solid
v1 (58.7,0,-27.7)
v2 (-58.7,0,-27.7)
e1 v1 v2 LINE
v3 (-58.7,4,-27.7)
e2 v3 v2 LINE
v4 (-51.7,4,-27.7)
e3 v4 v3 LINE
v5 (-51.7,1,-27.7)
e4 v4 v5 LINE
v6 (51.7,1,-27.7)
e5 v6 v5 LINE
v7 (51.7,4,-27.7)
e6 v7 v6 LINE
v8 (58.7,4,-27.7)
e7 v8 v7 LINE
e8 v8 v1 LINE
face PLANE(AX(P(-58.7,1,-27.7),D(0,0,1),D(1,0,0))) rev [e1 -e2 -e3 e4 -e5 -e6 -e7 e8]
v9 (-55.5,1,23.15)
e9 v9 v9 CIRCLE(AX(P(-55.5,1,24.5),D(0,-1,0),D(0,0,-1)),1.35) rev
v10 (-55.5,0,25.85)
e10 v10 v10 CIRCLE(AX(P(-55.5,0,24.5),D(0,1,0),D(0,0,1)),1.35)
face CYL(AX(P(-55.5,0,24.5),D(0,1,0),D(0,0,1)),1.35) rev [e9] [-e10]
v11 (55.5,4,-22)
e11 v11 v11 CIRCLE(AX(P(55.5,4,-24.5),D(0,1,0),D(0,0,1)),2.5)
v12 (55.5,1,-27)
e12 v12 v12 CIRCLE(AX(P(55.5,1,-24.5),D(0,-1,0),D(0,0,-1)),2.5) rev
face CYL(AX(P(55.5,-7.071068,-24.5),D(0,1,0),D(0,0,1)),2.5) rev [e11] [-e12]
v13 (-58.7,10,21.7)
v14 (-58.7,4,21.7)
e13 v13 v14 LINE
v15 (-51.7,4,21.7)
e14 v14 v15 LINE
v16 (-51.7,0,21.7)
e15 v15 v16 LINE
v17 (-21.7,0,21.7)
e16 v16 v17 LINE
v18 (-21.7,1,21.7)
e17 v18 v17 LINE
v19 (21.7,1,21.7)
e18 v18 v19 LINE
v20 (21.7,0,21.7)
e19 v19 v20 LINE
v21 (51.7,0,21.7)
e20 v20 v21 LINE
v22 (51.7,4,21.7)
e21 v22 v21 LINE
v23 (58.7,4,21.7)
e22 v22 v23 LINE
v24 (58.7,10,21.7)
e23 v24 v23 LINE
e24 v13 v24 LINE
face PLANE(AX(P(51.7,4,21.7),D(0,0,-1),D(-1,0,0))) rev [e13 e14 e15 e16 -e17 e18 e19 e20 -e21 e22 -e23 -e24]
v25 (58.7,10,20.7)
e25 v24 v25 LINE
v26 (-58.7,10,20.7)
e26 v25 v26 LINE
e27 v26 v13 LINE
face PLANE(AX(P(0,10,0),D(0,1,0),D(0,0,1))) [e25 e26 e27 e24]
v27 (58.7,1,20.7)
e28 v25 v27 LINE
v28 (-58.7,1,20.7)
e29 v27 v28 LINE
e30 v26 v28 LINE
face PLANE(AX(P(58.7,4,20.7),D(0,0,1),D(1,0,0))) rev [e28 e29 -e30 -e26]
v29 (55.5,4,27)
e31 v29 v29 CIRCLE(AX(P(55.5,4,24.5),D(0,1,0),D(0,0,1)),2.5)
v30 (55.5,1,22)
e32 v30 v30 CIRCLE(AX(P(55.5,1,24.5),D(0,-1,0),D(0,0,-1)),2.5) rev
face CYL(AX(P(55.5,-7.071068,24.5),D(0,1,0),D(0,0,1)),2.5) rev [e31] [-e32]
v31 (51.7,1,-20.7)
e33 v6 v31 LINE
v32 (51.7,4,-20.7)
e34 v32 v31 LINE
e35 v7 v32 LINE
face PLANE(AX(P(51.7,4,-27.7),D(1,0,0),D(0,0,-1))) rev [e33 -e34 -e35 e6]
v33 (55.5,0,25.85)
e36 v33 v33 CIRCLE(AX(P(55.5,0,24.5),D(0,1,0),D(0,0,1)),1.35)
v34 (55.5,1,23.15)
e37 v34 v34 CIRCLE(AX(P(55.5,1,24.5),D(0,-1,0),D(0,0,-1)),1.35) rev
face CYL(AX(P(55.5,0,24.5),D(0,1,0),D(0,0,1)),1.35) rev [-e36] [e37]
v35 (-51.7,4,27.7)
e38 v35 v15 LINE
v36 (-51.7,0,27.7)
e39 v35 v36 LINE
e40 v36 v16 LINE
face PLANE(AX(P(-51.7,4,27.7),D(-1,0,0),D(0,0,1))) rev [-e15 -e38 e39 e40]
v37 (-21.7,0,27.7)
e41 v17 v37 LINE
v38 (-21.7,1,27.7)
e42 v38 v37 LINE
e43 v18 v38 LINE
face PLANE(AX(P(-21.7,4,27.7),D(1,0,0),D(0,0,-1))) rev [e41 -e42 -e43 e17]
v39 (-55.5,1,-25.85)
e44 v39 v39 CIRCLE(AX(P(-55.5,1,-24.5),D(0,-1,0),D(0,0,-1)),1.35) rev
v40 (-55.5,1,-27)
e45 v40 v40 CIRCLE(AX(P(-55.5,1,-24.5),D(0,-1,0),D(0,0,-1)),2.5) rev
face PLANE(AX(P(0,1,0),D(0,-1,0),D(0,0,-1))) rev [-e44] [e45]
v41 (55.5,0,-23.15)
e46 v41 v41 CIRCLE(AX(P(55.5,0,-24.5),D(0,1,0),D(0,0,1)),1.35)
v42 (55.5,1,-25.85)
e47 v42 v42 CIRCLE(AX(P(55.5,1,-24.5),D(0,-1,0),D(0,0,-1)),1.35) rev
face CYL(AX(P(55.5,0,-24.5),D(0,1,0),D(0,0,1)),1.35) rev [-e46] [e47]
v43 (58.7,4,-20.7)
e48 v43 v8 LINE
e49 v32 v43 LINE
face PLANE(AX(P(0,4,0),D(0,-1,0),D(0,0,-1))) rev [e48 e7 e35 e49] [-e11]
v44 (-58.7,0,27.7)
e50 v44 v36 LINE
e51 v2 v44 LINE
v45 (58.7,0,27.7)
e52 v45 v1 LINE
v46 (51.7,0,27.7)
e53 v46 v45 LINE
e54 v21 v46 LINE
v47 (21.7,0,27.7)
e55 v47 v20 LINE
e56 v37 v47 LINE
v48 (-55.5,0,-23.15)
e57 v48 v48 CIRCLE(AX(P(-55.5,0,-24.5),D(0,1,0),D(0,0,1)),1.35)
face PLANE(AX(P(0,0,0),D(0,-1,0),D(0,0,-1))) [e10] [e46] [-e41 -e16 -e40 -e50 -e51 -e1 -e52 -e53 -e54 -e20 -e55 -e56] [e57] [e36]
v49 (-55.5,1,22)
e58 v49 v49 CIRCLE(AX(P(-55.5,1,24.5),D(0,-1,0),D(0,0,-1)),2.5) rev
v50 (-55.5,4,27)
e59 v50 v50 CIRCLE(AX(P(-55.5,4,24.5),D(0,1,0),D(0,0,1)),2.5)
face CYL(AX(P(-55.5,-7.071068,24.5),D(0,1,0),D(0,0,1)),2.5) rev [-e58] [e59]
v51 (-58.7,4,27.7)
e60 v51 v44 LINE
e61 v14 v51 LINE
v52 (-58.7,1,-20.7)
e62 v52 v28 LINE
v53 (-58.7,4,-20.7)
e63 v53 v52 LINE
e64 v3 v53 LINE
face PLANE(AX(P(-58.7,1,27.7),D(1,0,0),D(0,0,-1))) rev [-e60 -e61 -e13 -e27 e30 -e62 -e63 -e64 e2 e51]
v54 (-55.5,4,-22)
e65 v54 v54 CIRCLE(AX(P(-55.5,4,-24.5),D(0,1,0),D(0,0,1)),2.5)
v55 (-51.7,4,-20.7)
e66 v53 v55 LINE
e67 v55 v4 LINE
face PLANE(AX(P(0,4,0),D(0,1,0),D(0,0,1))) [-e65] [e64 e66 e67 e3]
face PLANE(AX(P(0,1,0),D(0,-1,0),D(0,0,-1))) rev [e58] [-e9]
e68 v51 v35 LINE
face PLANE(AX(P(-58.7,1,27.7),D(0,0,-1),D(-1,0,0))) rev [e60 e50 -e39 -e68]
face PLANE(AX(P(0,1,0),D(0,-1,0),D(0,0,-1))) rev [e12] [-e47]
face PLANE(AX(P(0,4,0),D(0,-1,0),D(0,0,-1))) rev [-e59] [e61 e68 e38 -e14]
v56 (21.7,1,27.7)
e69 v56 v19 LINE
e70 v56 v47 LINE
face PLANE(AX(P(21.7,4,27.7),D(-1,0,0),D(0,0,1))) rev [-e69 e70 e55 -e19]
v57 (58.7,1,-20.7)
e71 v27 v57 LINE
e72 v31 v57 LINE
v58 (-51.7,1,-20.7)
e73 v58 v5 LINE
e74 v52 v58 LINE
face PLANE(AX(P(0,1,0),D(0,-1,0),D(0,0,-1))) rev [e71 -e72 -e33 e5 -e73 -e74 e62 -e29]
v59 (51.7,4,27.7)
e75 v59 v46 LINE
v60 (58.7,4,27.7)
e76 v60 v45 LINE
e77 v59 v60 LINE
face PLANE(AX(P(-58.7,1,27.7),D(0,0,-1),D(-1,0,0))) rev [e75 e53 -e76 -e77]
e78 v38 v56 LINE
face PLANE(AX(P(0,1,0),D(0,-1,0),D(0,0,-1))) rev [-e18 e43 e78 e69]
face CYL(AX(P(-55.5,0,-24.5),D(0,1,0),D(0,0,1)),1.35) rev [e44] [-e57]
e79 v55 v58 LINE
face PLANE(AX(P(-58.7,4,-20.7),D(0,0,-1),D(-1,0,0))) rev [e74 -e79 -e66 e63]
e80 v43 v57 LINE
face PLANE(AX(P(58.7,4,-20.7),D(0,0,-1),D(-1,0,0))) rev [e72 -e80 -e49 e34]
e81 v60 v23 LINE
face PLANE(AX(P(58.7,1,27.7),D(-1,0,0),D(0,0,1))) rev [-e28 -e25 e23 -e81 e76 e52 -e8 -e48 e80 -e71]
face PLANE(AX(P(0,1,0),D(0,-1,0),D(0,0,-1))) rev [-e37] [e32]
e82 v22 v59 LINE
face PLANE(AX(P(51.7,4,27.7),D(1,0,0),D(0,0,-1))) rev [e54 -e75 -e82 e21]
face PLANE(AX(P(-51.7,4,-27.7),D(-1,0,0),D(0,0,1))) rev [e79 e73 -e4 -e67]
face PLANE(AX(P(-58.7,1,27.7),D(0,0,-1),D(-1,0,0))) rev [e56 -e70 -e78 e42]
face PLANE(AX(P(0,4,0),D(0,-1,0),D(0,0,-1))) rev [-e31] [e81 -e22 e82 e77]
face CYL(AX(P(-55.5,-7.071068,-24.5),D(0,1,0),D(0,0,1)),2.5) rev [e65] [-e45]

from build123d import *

# Parameters (mm, degrees)
SKETCH1_W           = 117.4
SKETCH1_H           = 55.4
BOSS_EXTRUDE1_DEPTH = 1
SKETCH2_W           = 7
SKETCH2_H           = 7
BOSS_EXTRUDE2_DEPTH = 3
SKETCH3_R           = 1.35
CUT_EXTRUDE1_DEPTH  = 5
SKETCH7_W           = 30
SKETCH7_H           = 6
CUT_EXTRUDE5_DEPTH  = 5
SKETCH9_R           = 2.5
CUT_EXTRUDE6_DEPTH  = 3
SKETCH10_W          = 117.4
SKETCH10_H          = 1
BOSS_EXTRUDE3_DEPTH = 9


with BuildPart() as part:
    # Sketch1 → Boss-Extrude1 (new body)
    with BuildSketch(Plane(origin=(0, 0, 0), x_dir=(1, 0, 0), z_dir=(0, 1, 0))):
        Rectangle(SKETCH1_W, SKETCH1_H)
    extrude(amount=BOSS_EXTRUDE1_DEPTH)

    # Sketch2 → Boss-Extrude2 (add)
    with BuildSketch(Plane(origin=(0, 1, 0), x_dir=(1, 0, 0), z_dir=(0, 1, 0))):
        with Locations((55.2, 24.2)):
            Rectangle(SKETCH2_W, SKETCH2_H)
        with Locations((-55.2, 24.2)):
            Rectangle(SKETCH2_W, SKETCH2_H)
        with Locations((55.2, -24.2)):
            Rectangle(SKETCH2_W, SKETCH2_H)
        with Locations((-55.2, -24.2)):
            Rectangle(SKETCH2_W, SKETCH2_H)
    extrude(amount=BOSS_EXTRUDE2_DEPTH)

    # Sketch3 → Cut-Extrude1 (cut, through all)
    with BuildSketch(Plane(origin=(0, 4, 0), x_dir=(1, 0, 0), z_dir=(0, 1, 0))):
        with Locations((-55.5, 24.5)):
            Circle(SKETCH3_R)
        with Locations((55.5, 24.5)):
            Circle(SKETCH3_R)
        with Locations((55.5, -24.5)):
            Circle(SKETCH3_R)
        with Locations((-55.5, -24.5)):
            Circle(SKETCH3_R)
    extrude(amount=-CUT_EXTRUDE1_DEPTH, mode=Mode.SUBTRACT)

    # Sketch7 → Cut-Extrude5 (cut, through all)
    with BuildSketch(Plane.XZ):
        with Locations((36.7, 24.7)):
            Rectangle(SKETCH7_W, SKETCH7_H)
        with Locations((-36.7, 24.7)):
            Rectangle(SKETCH7_W, SKETCH7_H)
    extrude(amount=-CUT_EXTRUDE5_DEPTH, mode=Mode.SUBTRACT)

    # Sketch9 → Cut-Extrude6 (cut)
    with BuildSketch(Plane(origin=(0, 4, 0), x_dir=(1, 0, 0), z_dir=(0, 1, 0))):
        with Locations((-55.5, 24.5)):
            Circle(SKETCH9_R)
        with Locations((55.5, 24.5)):
            Circle(SKETCH9_R)
        with Locations((55.5, -24.5)):
            Circle(SKETCH9_R)
        with Locations((-55.5, -24.5)):
            Circle(SKETCH9_R)
    extrude(amount=-CUT_EXTRUDE6_DEPTH, mode=Mode.SUBTRACT)

    # Sketch10 → Boss-Extrude3 (add)
    with BuildSketch(Plane(origin=(0, 1, 0), x_dir=(1, 0, 0), z_dir=(0, 1, 0))):
        with Locations((0, -21.2)):
            Rectangle(SKETCH10_W, SKETCH10_H)
    extrude(amount=BOSS_EXTRUDE3_DEPTH)


solid = part.part
